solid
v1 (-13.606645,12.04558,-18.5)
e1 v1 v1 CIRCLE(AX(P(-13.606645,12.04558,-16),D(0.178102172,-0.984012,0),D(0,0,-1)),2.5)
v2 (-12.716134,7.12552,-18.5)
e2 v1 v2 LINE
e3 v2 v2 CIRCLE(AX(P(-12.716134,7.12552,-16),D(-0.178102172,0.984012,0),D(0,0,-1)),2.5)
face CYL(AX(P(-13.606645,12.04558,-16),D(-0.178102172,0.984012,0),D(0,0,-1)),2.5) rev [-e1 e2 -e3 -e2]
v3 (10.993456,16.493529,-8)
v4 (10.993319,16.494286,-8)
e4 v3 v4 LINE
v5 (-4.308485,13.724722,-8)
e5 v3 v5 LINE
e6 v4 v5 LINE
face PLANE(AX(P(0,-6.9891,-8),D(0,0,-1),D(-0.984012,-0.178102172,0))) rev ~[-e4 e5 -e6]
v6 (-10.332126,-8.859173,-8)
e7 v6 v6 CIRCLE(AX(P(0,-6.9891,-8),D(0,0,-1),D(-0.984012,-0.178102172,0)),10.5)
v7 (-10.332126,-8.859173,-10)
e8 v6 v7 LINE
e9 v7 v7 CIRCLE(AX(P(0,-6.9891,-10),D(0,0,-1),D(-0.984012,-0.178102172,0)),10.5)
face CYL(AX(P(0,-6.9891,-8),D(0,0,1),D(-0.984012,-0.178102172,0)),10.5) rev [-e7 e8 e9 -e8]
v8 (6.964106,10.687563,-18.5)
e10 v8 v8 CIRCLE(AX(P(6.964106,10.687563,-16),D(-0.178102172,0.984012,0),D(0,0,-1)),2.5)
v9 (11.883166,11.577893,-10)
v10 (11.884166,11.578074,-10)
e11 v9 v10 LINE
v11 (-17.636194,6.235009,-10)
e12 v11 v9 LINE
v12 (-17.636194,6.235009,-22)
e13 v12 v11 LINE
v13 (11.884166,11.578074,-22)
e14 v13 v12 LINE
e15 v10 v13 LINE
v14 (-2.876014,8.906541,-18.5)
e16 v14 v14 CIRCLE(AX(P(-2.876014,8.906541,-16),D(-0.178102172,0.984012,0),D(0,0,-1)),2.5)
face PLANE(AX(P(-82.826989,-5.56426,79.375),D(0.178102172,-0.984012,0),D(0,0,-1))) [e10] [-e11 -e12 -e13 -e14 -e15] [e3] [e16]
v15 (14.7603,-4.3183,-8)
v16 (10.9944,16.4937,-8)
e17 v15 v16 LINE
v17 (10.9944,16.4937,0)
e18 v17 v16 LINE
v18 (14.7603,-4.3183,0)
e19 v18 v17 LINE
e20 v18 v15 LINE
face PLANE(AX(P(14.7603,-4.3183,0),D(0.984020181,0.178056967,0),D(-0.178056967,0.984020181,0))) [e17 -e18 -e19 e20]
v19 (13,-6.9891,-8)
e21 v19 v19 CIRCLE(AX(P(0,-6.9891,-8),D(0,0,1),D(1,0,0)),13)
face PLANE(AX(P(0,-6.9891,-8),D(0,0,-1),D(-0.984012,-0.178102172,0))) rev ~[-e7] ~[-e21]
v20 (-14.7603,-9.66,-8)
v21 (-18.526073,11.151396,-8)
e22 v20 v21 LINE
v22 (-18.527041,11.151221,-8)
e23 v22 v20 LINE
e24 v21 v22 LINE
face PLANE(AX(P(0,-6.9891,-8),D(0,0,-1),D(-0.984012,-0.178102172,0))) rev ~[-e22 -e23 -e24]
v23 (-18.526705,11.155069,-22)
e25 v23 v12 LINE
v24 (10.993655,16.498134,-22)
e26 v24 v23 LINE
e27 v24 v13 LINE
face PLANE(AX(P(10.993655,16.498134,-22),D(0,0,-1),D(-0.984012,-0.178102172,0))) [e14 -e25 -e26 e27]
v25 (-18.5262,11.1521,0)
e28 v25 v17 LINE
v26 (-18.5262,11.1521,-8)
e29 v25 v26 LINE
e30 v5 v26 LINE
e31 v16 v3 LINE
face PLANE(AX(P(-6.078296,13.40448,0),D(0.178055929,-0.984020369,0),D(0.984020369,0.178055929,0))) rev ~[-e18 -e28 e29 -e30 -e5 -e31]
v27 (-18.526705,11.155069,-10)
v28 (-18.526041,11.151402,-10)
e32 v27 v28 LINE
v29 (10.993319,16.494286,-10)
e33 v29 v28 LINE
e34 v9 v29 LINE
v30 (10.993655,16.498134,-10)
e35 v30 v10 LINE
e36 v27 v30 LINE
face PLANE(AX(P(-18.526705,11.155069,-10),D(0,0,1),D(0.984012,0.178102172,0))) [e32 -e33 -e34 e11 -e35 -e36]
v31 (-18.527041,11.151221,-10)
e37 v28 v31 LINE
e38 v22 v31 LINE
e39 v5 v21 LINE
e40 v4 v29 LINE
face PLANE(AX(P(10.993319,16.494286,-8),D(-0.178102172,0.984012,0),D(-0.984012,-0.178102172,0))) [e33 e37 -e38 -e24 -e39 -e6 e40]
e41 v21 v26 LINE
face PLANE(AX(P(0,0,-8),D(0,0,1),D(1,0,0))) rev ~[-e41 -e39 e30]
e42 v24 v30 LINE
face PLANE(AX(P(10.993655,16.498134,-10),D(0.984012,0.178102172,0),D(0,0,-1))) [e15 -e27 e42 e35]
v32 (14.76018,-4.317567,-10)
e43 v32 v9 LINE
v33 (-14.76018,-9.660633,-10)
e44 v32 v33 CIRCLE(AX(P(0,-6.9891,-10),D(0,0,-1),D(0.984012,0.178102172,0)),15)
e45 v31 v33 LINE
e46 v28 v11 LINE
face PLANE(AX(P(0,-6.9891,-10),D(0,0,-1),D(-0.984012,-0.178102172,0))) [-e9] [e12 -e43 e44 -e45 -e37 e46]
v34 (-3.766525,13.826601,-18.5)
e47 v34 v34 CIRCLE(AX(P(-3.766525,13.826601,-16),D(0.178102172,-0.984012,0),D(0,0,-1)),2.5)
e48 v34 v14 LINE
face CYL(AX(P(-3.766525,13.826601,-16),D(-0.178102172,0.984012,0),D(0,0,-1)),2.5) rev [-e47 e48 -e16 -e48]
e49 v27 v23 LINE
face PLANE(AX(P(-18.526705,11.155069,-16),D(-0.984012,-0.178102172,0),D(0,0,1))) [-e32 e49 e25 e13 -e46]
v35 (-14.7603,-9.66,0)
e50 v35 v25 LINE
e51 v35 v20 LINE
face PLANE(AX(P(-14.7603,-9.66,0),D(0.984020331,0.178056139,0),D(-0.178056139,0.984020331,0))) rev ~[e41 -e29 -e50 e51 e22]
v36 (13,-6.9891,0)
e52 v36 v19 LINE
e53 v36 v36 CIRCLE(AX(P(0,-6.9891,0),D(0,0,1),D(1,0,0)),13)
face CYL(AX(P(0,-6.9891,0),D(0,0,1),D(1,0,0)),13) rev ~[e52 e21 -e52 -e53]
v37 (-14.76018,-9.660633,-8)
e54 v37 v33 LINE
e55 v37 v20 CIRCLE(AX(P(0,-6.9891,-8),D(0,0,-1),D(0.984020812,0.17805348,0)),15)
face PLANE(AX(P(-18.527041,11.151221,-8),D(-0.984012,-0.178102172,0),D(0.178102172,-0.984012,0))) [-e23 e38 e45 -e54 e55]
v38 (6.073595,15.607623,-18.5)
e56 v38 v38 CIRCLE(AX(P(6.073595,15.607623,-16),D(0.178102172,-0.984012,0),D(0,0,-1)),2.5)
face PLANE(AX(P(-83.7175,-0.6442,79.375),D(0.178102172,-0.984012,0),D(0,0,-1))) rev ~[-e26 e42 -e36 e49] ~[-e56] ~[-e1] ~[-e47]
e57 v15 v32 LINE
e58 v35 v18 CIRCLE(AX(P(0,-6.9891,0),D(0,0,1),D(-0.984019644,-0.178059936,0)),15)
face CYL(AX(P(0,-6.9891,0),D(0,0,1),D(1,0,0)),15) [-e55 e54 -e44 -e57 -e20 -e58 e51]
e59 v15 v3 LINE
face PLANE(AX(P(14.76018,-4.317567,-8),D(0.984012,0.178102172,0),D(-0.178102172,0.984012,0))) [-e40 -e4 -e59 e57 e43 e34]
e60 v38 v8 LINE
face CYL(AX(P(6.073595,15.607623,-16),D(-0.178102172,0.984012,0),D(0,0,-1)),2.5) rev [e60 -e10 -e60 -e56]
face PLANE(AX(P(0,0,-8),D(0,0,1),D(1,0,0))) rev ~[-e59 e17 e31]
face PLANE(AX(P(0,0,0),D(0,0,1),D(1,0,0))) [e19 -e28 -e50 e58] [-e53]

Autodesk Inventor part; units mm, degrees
ref_plane "YZ Plane" through (0, 0, 0) normal (1, 0, 0) x (0, 1, 0)
ref_plane "XZ Plane" through (0, 0, 0) normal (0, 1, 0) x (-1, 0, 0)
sketch "Sketch1" plane through (0, 0, 0) normal (0, 0, 1) x (1, 0, 0)
  circle A0 centre (0, -6.9891) radius 13 projected
  line L0 (-8.3396, 25.9015) -> (-6.0783, 13.4045)
  line L1 (9.8647, 29.1956) -> (12.126, 16.6985) projected
  line L2 (-201.5028, -9.0509) -> (9.8647, 29.1956) projected
  line L3 (-199.2415, -21.5479) -> (-201.5028, -9.0509) projected
  line L4 (-199.2415, -21.5479) -> (12.126, 16.6985) projected
  line L5 (0, -6.9891) -> (-3.7659, 13.8229) construction
  circle A1 centre (0, -6.9891) radius 15
  line L6 (0, -6.9891) -> (-14.7603, -9.66) construction
  line L7 (-14.7603, -9.66) -> (-18.5262, 11.1521)
  line L8 (0, -6.9891) -> (14.7603, -4.3183) construction
  line L9 (14.7603, -4.3183) -> (10.9944, 16.4937)
  line L10 (10.9944, 16.4937) -> (-18.5262, 11.1521)
  point P0 (0, 0)
ref_plane "Work Plane1" through (-17.5555, -24.5446, -8) normal (0, 0, -1) x (0, 1, 0)
extrude "Extrusion1" add sketch "Sketch1" against normal up to surface (8 mm away) contours L4 L9 A1 L7 | A1
sketch "Sketch2" plane through (0, -6.9891, -8) normal (0, 0, -1) x (-0.984, -0.1781, 0)
  circle A0 centre (0, 0) radius 13 projected
  line L0 (15, 21.15) -> (15, 0) projected
  line L1 (-15, 21.15) -> (15, 21.15) projected
  line L2 (-15, 0) -> (-15, 21.15) projected
  arc A1 (-15, 0) -> (15, 0) centre (0, 0) ccw projected
  circle A2 centre (0, 0) radius 5 projected
  circle A3 centre (0, 0) radius 10.5
  point P0 (-1.2445, 6.8774)
extrude "Extrusion2" add sketch "Sketch2" along normal blind 2 contours A0 | L0 A1 L2 L1
ref_plane "Work Plane2" through (-83.7175, -0.6442, 79.375) normal (0.1781, -0.984, 0) x (0, 0, -1)
sketch "Sketch3" plane through (-83.7175, -0.6442, 79.375) normal (0.1781, -0.984, 0) x (0, 0, -1)
  circle A0 centre (-108.5, -103.9) radius 5 projected
  circle A1 centre (108.5, -103.9) radius 5 projected
  circle A2 centre (-108.5, 83.9) radius 5 projected
  circle A3 centre (108.5, 83.9) radius 5 projected
  arc A4 (127, 97.4) -> (122, 102.4) centre (122, 97.4) ccw projected
  line L0 (84.375, 102.4) -> (122, 102.4) projected
  arc A5 (84.375, 102.4) -> (79.375, 97.4) centre (84.375, 97.4) ccw projected
  line L1 (79.375, 97.4) -> (79.375, 2.8) projected
  line L2 (-79.375, 2.8) -> (-79.375, 97.4) projected
  arc A6 (-79.375, 97.4) -> (-84.375, 102.4) centre (-84.375, 97.4) ccw projected
  line L3 (-122, 102.4) -> (-84.375, 102.4) projected
  arc A7 (-122, 102.4) -> (-127, 97.4) centre (-122, 97.4) ccw projected
  line L4 (-127, -117.4) -> (-127, 97.4) projected
  arc A8 (-127, -117.4) -> (-122, -122.4) centre (-122, -117.4) ccw projected
  line L5 (-95, -122.4) -> (-122, -122.4) projected
  arc A9 (-95, -122.4) -> (-90, -117.4) centre (-95, -117.4) ccw projected
  line L6 (-90, -117.4) -> (-90, -47.4) projected
  arc A10 (-85, -42.4) -> (-90, -47.4) centre (-85, -47.4) ccw projected
  line L7 (-85, -42.4) -> (85, -42.4) projected
  arc A11 (90, -47.4) -> (85, -42.4) centre (85, -47.4) ccw projected
  line L8 (90, -47.4) -> (90, -117.4) projected
  arc A12 (90, -117.4) -> (95, -122.4) centre (95, -117.4) ccw projected
  line L9 (122, -122.4) -> (95, -122.4) projected
  arc A13 (122, -122.4) -> (127, -117.4) centre (122, -117.4) ccw projected
  line L10 (127, 97.4) -> (127, -117.4) projected
  line L11 (89.375, 66.25) -> (89.375, 96.25) projected
  line L12 (89.375, 96.25) -> (101.375, 96.25)
  line L13 (101.375, 96.25) -> (101.375, 66.25)
  line L14 (101.375, 66.25) -> (89.375, 66.25)
  line L15 (89.375, 66.25) -> (89.375, 96.25)
  circle A14 centre (95.375, 81.25) radius 2.5
  line L16 (95.375, 96.25) -> (95.375, 66.25)
  circle A15 centre (95.375, 71.25) radius 2.5
  circle A16 centre (95.375, 91.25) radius 2.5
  circle A17 centre (95.375, 81.25) radius 2.5
  line L17 (79.375, 66.25) -> (89.375, 66.25) projected
  arc A18 (77.375, 0.8) -> (79.375, 2.8) centre (77.375, 2.8) ccw projected
  line L18 (77.375, 0.8) -> (-77.375, 0.8) projected
  arc A19 (-79.375, 2.8) -> (-77.375, 0.8) centre (-77.375, 2.8) ccw projected
  point P0 (79.375, 82.4945)
  dimension "d5" = 12
  dimension "d6" = 5
  dimension "d9" = 10
  dimension "d12" = 10
extrude "Extrusion3" add sketch "Sketch3" along normal blind 5 contours L11 L12 L16 A16 A14 A15 L14 | L16 A15 A14 A16 L12 L13 L14
properties part number "RodBearingMount"
